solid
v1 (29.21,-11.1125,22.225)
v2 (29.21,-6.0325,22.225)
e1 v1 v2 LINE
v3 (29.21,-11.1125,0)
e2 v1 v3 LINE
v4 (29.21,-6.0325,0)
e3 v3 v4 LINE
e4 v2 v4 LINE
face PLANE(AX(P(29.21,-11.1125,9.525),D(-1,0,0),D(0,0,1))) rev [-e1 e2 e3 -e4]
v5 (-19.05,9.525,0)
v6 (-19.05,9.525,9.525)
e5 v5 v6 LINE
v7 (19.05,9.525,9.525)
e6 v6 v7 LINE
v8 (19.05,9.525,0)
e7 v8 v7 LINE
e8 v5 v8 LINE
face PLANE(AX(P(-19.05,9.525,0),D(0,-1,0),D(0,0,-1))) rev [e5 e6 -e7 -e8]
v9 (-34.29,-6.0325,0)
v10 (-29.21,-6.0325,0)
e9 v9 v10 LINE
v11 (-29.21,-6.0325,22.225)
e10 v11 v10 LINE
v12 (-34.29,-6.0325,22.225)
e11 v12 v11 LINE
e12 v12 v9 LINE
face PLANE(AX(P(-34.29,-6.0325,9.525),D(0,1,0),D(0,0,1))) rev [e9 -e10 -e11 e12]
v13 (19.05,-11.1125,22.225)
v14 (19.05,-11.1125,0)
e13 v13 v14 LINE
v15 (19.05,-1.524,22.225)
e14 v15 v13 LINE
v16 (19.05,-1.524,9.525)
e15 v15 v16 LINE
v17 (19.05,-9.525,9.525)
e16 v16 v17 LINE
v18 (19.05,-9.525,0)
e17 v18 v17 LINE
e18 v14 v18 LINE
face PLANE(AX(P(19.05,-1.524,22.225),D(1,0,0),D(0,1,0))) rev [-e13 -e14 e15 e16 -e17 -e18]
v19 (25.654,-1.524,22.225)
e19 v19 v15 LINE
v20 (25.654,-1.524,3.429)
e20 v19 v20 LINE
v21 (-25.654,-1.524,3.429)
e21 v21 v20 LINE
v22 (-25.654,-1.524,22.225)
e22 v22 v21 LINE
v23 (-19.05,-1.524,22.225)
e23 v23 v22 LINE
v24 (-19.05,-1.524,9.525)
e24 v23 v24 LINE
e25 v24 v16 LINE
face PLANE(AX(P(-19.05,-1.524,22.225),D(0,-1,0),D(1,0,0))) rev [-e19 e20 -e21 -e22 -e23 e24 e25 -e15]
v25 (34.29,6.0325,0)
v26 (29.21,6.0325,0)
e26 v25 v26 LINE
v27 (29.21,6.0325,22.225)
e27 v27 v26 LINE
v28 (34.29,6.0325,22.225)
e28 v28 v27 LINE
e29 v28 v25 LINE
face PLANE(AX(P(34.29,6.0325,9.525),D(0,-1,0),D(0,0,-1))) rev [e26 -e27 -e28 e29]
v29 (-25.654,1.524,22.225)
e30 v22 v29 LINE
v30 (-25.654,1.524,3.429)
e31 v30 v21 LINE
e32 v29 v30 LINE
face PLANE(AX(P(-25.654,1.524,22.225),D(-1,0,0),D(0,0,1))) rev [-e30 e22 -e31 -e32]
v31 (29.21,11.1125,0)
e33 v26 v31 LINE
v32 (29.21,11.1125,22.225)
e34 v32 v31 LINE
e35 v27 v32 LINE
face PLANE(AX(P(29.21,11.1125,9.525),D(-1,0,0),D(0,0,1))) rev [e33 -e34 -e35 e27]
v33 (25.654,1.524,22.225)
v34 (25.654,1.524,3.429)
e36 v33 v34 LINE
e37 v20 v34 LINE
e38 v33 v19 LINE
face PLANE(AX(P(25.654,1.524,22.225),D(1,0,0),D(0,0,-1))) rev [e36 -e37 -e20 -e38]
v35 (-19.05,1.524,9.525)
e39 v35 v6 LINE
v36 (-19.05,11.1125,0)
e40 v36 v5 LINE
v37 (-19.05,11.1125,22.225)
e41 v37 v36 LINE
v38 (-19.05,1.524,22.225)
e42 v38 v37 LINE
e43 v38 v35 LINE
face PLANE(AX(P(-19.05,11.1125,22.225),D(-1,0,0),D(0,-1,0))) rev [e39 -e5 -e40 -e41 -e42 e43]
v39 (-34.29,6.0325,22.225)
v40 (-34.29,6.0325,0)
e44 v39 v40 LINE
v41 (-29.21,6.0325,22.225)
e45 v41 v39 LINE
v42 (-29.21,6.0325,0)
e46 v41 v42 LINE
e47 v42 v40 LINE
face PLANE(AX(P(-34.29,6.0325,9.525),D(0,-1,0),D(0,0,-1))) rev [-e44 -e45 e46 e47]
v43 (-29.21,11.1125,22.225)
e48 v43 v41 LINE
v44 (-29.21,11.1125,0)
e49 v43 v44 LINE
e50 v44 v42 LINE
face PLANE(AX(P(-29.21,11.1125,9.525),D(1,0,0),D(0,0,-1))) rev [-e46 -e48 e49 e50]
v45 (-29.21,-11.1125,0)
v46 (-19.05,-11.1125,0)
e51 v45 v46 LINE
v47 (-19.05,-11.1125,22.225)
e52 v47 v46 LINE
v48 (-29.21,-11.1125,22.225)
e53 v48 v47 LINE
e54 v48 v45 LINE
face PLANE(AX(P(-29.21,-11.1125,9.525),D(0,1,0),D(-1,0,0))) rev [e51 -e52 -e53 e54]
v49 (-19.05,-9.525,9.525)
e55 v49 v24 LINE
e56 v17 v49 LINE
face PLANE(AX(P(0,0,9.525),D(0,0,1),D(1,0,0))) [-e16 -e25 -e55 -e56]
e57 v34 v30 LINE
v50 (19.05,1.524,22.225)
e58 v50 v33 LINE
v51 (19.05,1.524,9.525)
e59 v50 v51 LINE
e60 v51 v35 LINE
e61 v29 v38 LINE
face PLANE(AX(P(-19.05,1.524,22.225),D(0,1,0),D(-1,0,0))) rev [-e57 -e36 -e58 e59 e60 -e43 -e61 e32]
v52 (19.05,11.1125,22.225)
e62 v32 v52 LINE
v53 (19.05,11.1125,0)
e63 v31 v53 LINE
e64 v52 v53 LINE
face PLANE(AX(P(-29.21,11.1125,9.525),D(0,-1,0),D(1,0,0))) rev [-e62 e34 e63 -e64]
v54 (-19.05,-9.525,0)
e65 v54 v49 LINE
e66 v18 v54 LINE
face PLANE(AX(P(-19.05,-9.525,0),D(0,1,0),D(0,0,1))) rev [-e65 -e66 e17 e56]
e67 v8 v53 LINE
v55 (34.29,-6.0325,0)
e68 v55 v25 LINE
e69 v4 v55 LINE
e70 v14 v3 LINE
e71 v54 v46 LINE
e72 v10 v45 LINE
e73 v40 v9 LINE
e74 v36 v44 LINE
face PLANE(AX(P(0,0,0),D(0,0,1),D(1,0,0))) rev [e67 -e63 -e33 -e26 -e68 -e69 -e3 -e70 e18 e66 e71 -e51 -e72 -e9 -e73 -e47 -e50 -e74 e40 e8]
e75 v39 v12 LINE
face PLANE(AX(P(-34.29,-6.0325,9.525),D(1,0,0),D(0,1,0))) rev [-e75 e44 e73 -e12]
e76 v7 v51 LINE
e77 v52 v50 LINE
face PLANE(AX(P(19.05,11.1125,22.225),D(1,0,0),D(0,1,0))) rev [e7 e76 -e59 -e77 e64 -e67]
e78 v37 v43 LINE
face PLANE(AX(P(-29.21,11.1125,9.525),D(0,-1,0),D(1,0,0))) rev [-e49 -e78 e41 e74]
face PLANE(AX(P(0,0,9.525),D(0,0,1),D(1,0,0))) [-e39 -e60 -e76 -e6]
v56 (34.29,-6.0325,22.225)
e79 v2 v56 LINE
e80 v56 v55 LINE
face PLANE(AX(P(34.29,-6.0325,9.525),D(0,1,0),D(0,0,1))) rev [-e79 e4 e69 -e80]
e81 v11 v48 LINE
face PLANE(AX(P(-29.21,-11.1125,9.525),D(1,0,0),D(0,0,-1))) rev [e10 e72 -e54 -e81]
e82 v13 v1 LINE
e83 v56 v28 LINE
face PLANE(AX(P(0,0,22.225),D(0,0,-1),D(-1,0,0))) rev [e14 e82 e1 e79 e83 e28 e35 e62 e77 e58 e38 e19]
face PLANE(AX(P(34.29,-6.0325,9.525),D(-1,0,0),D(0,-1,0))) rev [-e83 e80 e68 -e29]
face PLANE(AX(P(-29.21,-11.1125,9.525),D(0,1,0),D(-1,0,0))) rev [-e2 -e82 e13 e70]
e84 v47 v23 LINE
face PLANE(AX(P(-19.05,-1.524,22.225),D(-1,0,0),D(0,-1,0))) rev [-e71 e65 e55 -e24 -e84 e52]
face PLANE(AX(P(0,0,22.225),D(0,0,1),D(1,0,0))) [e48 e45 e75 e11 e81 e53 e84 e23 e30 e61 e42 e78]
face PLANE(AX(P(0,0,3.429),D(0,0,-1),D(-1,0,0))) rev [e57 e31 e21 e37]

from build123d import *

# Parameters (mm, degrees)
BOSS_EXTRUDE1_DEPTH     = 9.525
BOSS_EXTRUDE2_DEPTH     = 12.7
SKETCH4_W               = 51.308
SKETCH4_H               = 3.048
CUT_EXTRUDE1_DEPTH      = 6.096
CUT_EXTRUDE2_DEPTH      = 39.217558219
CUT_EXTRUDE2_DEPTH_BACK = 39.217558219
SKETCH5_W               = 38.1
SKETCH5_H               = 1.5875


with BuildPart() as part:
    # Sketch1 → Boss-Extrude1 (new body)
    with BuildSketch(Plane.XY):
        Polygon((-29.21, -11.1125), (29.21, -11.1125), (29.21, -6.0325), (34.29, -6.0325), (34.29, 6.0325), (29.21, 6.0325), (29.21, 11.1125), (-29.21, 11.1125), (-29.21, 6.0325), (-34.29, 6.0325), (-34.29, -6.0325), (-29.21, -6.0325), align=None)
    extrude(amount=BOSS_EXTRUDE1_DEPTH)

    # Sketch3 → Boss-Extrude2 (add)
    with BuildSketch(Plane.XY.offset(9.525)):
        Polygon((-29.21, 11.1125), (-19.05, 11.1125), (-19.05, 1.524), (-25.654, 1.524), (-25.654, -1.524), (-19.05, -1.524), (-19.05, -11.1125), (-29.21, -11.1125), (-29.21, -6.0325), (-34.29, -6.0325), (-34.29, 6.0325), (-29.21, 6.0325), align=None)
        Polygon((19.05, -1.524), (19.05, -11.1125), (29.21, -11.1125), (29.21, -6.0325), (34.29, -6.0325), (34.29, 6.0325), (29.21, 6.0325), (29.21, 11.1125), (19.05, 11.1125), (19.05, 1.524), (25.654, 1.524), (25.654, -1.524), align=None)
    extrude(amount=BOSS_EXTRUDE2_DEPTH)

    # Sketch4 → Cut-Extrude1 (cut)
    with BuildSketch(Plane.XY.offset(9.525)):
        Rectangle(SKETCH4_W, SKETCH4_H)
    extrude(amount=-CUT_EXTRUDE1_DEPTH, mode=Mode.SUBTRACT)

    # Sketch5 → Cut-Extrude2 (cut, two sides: drawn at the far end of the back side and taken through both)
    with BuildSketch(Plane.XY.offset(9.525).offset(-CUT_EXTRUDE2_DEPTH_BACK)):
        with Locations((0, 10.31875)):
            Rectangle(SKETCH5_W, SKETCH5_H)
        with Locations((0, -10.31875)):
            Rectangle(SKETCH5_W, SKETCH5_H)
    extrude(amount=CUT_EXTRUDE2_DEPTH + CUT_EXTRUDE2_DEPTH_BACK, mode=Mode.SUBTRACT)


solid = part.part
